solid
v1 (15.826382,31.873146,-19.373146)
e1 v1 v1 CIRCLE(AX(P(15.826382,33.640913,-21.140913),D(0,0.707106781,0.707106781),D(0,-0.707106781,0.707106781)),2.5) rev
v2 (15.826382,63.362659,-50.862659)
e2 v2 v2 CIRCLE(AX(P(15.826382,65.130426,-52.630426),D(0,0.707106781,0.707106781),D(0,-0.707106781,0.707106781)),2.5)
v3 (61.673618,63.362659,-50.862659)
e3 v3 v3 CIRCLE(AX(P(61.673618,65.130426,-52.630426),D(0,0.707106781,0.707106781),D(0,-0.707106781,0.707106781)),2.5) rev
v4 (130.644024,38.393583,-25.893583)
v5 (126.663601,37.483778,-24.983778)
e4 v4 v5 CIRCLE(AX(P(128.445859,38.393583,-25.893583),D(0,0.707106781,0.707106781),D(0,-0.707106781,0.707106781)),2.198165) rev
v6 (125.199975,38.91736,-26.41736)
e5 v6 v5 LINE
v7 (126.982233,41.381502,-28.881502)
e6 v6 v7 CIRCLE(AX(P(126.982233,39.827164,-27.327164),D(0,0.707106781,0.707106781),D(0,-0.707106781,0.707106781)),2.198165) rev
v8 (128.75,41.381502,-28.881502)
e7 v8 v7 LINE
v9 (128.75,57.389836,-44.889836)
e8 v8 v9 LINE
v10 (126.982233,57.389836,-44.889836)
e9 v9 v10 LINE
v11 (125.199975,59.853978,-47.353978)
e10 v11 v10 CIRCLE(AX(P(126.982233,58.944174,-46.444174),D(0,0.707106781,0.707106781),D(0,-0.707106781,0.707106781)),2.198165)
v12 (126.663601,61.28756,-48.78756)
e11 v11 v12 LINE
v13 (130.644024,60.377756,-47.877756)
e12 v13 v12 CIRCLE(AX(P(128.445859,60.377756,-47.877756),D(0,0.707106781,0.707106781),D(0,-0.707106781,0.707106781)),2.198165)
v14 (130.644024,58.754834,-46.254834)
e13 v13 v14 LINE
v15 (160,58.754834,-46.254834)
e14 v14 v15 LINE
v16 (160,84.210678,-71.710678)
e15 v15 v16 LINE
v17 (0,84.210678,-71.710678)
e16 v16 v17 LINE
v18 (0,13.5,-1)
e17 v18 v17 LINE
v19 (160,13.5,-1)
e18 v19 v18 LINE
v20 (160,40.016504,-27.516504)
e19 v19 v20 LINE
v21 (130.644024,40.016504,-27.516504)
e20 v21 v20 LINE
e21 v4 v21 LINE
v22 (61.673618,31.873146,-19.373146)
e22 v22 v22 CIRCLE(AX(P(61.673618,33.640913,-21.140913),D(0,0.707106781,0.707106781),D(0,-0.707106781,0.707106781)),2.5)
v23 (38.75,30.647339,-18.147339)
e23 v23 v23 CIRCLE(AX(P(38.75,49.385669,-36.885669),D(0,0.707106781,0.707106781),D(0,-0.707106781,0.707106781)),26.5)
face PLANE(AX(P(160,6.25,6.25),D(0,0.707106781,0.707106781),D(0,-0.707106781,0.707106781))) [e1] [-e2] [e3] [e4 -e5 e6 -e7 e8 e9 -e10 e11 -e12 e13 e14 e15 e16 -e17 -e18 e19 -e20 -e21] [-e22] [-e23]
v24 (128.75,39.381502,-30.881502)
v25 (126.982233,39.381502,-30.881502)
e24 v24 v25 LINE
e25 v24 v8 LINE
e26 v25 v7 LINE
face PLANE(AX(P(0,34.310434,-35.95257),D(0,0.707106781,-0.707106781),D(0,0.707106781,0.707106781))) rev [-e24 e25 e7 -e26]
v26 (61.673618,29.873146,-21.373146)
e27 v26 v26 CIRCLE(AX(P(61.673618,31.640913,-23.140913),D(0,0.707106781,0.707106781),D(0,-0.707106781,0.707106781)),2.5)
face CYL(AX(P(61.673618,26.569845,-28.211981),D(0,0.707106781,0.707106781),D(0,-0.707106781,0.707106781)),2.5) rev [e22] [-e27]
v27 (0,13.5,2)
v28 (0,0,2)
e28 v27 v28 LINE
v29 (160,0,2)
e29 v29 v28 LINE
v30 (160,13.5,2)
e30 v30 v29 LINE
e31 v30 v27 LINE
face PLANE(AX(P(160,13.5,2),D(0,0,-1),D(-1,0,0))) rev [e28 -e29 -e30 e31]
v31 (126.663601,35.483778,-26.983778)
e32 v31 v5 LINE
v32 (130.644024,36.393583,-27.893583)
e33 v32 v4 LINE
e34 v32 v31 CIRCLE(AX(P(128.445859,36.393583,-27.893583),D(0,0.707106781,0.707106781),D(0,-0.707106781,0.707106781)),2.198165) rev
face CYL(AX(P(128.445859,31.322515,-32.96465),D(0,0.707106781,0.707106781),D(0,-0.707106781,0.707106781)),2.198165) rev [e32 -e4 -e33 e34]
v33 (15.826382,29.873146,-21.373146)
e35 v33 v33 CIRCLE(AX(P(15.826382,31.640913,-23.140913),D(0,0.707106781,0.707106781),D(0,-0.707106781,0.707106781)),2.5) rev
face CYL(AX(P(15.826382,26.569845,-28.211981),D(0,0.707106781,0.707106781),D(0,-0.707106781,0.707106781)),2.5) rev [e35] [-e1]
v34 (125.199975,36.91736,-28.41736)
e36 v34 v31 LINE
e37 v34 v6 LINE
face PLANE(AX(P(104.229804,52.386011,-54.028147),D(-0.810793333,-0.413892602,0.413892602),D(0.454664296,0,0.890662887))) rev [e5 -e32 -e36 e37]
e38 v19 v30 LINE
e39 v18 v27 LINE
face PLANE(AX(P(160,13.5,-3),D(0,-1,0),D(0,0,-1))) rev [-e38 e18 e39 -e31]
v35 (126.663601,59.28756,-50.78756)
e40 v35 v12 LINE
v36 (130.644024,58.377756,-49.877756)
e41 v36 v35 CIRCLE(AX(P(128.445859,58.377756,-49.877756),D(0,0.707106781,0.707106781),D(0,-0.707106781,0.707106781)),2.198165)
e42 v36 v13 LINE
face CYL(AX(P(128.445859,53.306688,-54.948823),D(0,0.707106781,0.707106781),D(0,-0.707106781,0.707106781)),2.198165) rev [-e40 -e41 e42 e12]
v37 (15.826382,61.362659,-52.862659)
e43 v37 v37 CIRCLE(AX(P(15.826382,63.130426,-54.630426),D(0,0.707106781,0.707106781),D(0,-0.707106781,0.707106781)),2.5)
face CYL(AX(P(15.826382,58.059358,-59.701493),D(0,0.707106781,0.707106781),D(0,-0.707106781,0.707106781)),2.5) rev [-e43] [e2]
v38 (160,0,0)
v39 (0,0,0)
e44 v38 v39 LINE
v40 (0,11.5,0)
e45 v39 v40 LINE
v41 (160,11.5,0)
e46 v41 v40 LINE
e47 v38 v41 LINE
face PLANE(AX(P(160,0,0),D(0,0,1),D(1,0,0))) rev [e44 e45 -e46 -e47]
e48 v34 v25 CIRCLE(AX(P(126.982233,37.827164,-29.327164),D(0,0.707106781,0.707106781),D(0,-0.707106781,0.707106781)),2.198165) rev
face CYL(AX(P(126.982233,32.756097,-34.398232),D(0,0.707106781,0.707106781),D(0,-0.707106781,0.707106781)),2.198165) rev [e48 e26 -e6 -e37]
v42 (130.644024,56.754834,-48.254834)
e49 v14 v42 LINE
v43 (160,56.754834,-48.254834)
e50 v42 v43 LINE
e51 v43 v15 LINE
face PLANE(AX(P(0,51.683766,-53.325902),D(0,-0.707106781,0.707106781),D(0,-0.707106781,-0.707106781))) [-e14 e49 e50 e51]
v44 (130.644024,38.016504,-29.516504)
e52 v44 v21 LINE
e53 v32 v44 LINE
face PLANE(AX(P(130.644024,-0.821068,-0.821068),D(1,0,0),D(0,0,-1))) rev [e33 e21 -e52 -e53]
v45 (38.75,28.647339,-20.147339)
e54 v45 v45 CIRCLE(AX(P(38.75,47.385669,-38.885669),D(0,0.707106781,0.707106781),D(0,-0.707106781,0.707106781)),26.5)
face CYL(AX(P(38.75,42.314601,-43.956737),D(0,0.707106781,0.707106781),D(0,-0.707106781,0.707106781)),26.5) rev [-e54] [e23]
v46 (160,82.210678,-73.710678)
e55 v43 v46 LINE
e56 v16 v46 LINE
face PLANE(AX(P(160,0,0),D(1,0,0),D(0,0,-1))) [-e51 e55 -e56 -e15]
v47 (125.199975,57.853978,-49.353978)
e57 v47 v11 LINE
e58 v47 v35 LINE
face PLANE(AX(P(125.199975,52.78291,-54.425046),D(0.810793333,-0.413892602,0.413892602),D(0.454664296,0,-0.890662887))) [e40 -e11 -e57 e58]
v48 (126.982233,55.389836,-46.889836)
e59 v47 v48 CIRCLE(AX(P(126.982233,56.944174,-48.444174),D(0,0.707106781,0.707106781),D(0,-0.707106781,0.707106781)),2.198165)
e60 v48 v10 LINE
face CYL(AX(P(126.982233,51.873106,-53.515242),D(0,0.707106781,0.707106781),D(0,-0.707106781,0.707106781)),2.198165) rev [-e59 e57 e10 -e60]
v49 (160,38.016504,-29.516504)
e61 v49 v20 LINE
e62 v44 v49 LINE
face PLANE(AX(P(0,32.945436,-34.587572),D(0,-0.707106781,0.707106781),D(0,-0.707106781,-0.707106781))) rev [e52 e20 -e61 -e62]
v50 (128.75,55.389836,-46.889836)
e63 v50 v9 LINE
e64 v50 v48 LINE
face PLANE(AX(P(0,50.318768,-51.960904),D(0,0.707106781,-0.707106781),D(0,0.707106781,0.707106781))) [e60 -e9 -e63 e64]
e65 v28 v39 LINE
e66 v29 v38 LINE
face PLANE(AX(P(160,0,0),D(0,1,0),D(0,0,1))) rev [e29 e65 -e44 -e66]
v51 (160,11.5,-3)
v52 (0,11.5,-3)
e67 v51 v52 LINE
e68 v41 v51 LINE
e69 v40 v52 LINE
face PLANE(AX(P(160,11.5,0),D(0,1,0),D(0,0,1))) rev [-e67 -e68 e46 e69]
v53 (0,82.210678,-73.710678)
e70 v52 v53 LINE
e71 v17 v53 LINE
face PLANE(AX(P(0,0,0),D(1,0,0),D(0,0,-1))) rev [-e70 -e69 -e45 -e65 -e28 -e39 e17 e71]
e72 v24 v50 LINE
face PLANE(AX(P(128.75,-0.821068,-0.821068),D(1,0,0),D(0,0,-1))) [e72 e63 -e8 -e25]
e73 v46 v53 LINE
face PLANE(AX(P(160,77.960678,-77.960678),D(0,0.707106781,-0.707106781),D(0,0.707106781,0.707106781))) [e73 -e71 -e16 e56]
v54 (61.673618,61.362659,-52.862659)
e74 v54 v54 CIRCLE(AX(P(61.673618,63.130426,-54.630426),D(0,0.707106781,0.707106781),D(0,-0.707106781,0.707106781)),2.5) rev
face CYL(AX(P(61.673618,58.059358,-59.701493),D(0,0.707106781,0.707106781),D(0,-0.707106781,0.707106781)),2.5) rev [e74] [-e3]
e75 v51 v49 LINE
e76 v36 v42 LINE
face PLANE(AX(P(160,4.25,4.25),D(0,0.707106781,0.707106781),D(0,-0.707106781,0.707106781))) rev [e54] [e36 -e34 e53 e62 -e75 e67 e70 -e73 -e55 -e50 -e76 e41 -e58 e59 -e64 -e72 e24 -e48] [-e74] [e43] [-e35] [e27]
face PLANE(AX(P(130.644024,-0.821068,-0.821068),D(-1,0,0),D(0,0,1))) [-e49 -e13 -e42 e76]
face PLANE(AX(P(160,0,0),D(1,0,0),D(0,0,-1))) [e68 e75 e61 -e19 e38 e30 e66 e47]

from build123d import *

# Parameters (mm, degrees)
BOSS_EXTRUDE1_DEPTH = 160
BOSS_EXTRUDE2_DEPTH = 160
SKETCH4_W           = 31.25
SKETCH4_H           = 14
SKETCH4_H_2         = 12.5
CUT_EXTRUDE1_DEPTH  = 10
CUT_EXTRUDE2_DEPTH  = 10
SKETCH6_R           = 26.5
CUT_EXTRUDE3_DEPTH  = 10
SKETCH7_R           = 2.5
CUT_EXTRUDE4_DEPTH  = 10


with BuildPart() as part:
    # Sketch1 → Boss-Extrude1 (new body)
    with BuildSketch(Plane(origin=(0, 0, 0), x_dir=(0, 0, -1), z_dir=(1, 0, 0))):
        Polygon((0, 0), (0, 11.5), (3, 11.5), (3, 13.5), (-2, 13.5), (-2, 0), align=None)
    extrude(amount=BOSS_EXTRUDE1_DEPTH)

    # Sketch2 → Boss-Extrude2 (add)
    with BuildSketch(Plane(origin=(0, 0, 0), x_dir=(0, 0, -1), z_dir=(1, 0, 0))):
        Polygon((3, 13.5), (3, 11.5), (24.213203436, 32.713203436), (73.710678119, 82.210678119), (71.710678119, 84.210678119), (22.213203436, 34.713203436), (1, 13.5), align=None)
    extrude(amount=BOSS_EXTRUDE2_DEPTH)

    # Sketch4 → Cut-Extrude1 (cut)
    with BuildSketch(Plane(origin=(0, 6.25, 6.25), x_dir=(1, 0, 0), z_dir=(0, 0.7071067811865477, 0.7071067811865475))):
        with Locations((144.375, 67.253048327)):
            Rectangle(SKETCH4_W, SKETCH4_H)
        with Locations((144.375, 54.003048327)):
            Rectangle(SKETCH4_W, SKETCH4_H_2)
    extrude(amount=-CUT_EXTRUDE1_DEPTH, mode=Mode.SUBTRACT)

    # Sketch5 → Cut-Extrude2 (cut)
    with BuildSketch(Plane(origin=(0, 6.25, 6.25), x_dir=(1, 0, 0), z_dir=(0, 0.7071067811865477, 0.7071067811865475))):
        with BuildLine():
            Line((128.75, 74.253048327), (130.644024073, 74.253048327))
            Line((130.644024073, 74.253048327), (130.644024073, 76.548206166))
            ThreePointArc((130.644024073, 76.548206166), (129.12196275, 78.639811919), (126.663600689, 77.834863927))
            Line((126.663600689, 77.834863927), (125.199975137, 75.807473041))
            ThreePointArc((125.199975137, 75.807473041), (125.025166605, 73.519904499), (126.982233047, 72.322649807))
            Line((126.982233047, 72.322649807), (128.75, 72.322649807))
            Line((128.75, 72.322649807), (128.75, 74.253048327))
        make_face()
        with BuildLine():
            Line((128.75, 49.683446848), (126.982233047, 49.683446848))
            ThreePointArc((126.982233047, 49.683446848), (125.025166605, 48.486192156), (125.199975137, 46.198623614))
            Line((125.199975137, 46.198623614), (126.663600689, 44.171232728))
            ThreePointArc((126.663600689, 44.171232728), (129.12196275, 43.366284735), (130.644024073, 45.457890488))
            Line((130.644024073, 45.457890488), (130.644024073, 47.753048327))
            Line((130.644024073, 47.753048327), (128.75, 47.753048327))
            Line((128.75, 47.753048327), (128.75, 49.683446848))
        make_face()
    extrude(amount=-CUT_EXTRUDE2_DEPTH, mode=Mode.SUBTRACT)

    # Sketch6 → Cut-Extrude3 (cut)
    with BuildSketch(Plane(origin=(0, 6.25, 6.25), x_dir=(1, 0, 0), z_dir=(0, 0.7071067811865477, 0.7071067811865475))):
        with Locations(Location((38.75, 61.003048327, 0), (0, 0, 270))):
            Circle(SKETCH6_R)
    extrude(amount=-CUT_EXTRUDE3_DEPTH, mode=Mode.SUBTRACT)

    # Sketch7 → Cut-Extrude4 (cut)
    with BuildSketch(Plane(origin=(0, 6.25, 6.25), x_dir=(1, 0, 0), z_dir=(0, 0.7071067811865477, 0.7071067811865475))):
        with Locations(Location((15.82638188, 83.269496377, 0), (0, 0, 270))):
            Circle(SKETCH7_R)
        with Locations(Location((15.82638188, 38.736600277, 0), (0, 0, 270))):
            Circle(SKETCH7_R)
        with Locations(Location((61.67361812, 38.736600277, 0), (0, 0, 270))):
            Circle(SKETCH7_R)
        with Locations(Location((61.67361812, 83.269496377, 0), (0, 0, 270))):
            Circle(SKETCH7_R)
    extrude(amount=-CUT_EXTRUDE4_DEPTH, mode=Mode.SUBTRACT)


solid = part.part
